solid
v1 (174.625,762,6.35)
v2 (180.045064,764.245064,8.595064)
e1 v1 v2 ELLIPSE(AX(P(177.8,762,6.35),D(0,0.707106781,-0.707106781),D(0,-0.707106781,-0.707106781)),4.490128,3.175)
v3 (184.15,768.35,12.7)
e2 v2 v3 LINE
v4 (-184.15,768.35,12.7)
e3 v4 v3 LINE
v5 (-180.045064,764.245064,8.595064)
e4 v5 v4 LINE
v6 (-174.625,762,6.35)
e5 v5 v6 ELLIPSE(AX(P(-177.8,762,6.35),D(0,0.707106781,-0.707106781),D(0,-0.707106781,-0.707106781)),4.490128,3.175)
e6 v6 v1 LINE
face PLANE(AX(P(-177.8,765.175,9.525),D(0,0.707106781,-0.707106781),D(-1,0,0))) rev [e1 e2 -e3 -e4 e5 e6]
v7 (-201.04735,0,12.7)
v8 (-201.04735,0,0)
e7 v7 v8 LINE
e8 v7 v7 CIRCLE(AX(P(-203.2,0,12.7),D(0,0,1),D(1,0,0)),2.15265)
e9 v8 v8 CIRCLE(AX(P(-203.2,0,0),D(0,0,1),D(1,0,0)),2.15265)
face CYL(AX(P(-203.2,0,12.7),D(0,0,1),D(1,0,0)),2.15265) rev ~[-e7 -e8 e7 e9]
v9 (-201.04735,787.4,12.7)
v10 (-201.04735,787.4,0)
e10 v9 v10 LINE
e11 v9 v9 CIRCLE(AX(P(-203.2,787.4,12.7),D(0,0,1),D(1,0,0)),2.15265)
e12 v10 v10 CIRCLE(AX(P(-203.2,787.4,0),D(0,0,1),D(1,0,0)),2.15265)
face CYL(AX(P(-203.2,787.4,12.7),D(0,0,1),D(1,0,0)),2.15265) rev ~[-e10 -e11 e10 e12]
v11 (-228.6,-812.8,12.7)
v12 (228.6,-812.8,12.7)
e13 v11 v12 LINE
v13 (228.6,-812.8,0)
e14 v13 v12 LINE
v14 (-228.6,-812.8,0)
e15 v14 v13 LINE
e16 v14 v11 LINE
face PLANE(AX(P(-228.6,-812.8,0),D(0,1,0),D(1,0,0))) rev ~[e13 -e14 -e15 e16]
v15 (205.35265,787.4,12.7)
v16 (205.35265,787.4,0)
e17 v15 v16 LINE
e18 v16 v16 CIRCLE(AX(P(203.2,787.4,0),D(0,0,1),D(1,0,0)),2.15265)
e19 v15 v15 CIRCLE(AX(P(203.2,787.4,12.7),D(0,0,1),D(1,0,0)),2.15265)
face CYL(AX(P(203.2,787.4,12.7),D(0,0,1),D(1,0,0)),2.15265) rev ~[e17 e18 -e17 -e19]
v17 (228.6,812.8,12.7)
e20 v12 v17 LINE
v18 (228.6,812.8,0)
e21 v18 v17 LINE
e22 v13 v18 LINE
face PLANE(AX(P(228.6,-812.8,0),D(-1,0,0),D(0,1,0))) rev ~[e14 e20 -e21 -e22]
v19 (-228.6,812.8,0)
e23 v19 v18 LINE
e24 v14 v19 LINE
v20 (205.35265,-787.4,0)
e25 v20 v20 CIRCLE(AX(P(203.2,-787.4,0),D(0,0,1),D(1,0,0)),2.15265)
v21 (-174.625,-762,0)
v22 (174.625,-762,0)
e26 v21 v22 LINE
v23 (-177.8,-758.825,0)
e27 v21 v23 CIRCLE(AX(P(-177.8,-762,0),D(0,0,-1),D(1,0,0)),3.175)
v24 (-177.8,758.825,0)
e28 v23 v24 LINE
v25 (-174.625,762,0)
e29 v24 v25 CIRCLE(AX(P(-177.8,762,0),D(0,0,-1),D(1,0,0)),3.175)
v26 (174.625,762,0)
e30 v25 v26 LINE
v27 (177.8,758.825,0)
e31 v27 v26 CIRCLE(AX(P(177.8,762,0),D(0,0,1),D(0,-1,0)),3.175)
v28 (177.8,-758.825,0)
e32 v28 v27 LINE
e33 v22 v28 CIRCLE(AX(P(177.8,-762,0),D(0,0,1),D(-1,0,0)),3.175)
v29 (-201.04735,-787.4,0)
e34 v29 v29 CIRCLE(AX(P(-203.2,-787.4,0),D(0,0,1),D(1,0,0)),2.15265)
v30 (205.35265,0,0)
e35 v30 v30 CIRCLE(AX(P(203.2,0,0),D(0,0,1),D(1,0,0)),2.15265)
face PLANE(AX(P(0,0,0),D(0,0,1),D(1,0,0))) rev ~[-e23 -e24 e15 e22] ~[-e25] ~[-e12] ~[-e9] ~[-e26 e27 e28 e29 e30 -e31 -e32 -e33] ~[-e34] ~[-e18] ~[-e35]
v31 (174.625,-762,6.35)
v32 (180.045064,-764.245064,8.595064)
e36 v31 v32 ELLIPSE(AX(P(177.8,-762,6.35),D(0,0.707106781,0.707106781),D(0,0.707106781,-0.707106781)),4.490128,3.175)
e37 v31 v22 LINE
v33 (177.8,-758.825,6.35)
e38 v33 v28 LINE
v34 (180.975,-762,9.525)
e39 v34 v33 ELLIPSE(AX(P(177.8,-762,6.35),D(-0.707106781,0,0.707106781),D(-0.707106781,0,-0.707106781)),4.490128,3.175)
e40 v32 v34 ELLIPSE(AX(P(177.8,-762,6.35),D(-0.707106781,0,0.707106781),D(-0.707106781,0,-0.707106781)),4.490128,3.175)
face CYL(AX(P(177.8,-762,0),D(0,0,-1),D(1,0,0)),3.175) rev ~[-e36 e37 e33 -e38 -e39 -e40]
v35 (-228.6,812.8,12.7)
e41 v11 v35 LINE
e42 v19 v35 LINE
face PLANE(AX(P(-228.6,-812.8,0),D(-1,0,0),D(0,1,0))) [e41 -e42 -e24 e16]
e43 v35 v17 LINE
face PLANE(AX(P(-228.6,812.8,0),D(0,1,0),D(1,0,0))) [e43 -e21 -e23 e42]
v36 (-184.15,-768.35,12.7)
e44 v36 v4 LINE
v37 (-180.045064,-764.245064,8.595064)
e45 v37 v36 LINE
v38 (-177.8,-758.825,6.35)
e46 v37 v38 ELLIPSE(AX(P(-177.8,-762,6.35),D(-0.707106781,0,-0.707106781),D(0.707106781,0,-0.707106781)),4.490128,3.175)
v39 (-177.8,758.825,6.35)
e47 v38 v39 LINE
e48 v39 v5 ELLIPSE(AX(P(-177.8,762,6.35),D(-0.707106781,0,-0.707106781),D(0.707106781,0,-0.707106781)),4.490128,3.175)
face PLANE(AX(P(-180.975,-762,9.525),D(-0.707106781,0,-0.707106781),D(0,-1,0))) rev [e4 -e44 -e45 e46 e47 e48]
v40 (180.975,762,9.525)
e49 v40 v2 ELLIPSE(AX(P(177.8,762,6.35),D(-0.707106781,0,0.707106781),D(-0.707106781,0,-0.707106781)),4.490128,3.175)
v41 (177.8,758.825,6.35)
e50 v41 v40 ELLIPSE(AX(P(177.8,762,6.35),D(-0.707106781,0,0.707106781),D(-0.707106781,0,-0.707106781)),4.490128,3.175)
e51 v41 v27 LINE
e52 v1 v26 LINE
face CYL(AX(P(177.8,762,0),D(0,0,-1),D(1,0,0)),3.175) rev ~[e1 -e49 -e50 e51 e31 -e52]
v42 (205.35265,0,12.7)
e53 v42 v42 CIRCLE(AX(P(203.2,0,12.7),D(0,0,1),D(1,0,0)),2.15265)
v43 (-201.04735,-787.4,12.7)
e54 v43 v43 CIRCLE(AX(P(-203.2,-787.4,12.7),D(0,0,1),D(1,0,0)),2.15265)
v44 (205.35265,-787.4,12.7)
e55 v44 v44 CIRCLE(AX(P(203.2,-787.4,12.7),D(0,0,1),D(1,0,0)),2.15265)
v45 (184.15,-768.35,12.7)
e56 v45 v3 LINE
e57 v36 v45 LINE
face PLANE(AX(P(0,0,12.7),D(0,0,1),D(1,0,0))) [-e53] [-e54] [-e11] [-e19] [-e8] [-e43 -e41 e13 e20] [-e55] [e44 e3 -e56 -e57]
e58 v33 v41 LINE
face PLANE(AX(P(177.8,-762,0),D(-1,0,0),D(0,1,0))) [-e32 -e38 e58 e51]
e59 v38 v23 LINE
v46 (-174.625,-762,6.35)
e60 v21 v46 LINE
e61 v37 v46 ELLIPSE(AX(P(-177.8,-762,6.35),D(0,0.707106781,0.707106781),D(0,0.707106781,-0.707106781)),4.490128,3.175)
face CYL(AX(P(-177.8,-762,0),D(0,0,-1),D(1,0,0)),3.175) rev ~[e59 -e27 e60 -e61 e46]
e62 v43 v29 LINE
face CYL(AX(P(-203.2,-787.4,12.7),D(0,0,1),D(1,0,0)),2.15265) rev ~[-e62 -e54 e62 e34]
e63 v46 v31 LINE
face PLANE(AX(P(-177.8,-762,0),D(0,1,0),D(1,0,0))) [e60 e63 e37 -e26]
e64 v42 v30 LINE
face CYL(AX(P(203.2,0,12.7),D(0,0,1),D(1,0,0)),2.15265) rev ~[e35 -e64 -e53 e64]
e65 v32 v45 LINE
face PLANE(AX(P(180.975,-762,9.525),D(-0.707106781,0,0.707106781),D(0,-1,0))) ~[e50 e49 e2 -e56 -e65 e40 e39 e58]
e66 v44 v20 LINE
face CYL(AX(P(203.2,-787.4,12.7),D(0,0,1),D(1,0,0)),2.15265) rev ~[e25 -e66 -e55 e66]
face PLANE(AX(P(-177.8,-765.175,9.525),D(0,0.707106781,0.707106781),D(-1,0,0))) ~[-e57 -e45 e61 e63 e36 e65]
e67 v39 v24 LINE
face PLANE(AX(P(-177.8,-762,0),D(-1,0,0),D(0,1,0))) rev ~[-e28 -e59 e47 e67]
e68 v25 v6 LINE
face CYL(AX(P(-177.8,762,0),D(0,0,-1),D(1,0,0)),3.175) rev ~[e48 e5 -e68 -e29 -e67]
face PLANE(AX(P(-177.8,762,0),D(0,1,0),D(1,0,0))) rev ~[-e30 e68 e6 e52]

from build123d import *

# Parameters (mm, degrees)
F0_W     = 457.2
F0_H     = 1625.6
F0_W_2   = 355.6
F0_H_2   = 1524
F1_DEPTH = 12.7
F2_SIZE  = 6.35
F3_R     = 3.175
F4_DEPTH = 12.7
F5_R     = 2.15265
F6_DEPTH = 12.7


with BuildPart() as f1:
    # F0 (on Top) → F1 (new body)
    with BuildSketch(Plane.XY):
        Rectangle(F0_W, F0_H)
        Rectangle(F0_W_2, F0_H_2, mode=Mode.SUBTRACT)
    extrude(amount=F1_DEPTH)

    # F2
    f2_edges = [f1.edges().sort_by_distance(p)[0] for p in [
        (0, 762, 12.7),
        (-177.8, 0, 12.7),
        (177.8, 0, 12.7),
        (0, -762, 12.7),
    ]]
    chamfer(f2_edges, length=F2_SIZE)

    # F3 (on face) → F4 (cut, through all)
    with BuildSketch(Plane(origin=(0, 0, 0), x_dir=(1, 0, 0), z_dir=(0, 0, -1))):
        with Locations((-177.8, -762)):
            Circle(F3_R)
        with Locations((177.8, -762)):
            Circle(F3_R)
        with Locations((177.8, 762)):
            Circle(F3_R)
        with Locations((-177.8, 762)):
            Circle(F3_R)
    extrude(amount=-F4_DEPTH, mode=Mode.SUBTRACT)

    # F5 (on face) → F6 (cut, through all)
    with BuildSketch(Plane.XY.offset(12.7)):
        with Locations((-203.2, -787.4)):
            Circle(F5_R)
        with Locations((203.2, -787.4)):
            Circle(F5_R)
        with Locations((203.2, 0)):
            Circle(F5_R)
        with Locations((-203.2, 0)):
            Circle(F5_R)
        with Locations((-203.2, 787.4)):
            Circle(F5_R)
        with Locations((203.2, 787.4)):
            Circle(F5_R)
    extrude(amount=-F6_DEPTH, mode=Mode.SUBTRACT)


solid = f1.part
